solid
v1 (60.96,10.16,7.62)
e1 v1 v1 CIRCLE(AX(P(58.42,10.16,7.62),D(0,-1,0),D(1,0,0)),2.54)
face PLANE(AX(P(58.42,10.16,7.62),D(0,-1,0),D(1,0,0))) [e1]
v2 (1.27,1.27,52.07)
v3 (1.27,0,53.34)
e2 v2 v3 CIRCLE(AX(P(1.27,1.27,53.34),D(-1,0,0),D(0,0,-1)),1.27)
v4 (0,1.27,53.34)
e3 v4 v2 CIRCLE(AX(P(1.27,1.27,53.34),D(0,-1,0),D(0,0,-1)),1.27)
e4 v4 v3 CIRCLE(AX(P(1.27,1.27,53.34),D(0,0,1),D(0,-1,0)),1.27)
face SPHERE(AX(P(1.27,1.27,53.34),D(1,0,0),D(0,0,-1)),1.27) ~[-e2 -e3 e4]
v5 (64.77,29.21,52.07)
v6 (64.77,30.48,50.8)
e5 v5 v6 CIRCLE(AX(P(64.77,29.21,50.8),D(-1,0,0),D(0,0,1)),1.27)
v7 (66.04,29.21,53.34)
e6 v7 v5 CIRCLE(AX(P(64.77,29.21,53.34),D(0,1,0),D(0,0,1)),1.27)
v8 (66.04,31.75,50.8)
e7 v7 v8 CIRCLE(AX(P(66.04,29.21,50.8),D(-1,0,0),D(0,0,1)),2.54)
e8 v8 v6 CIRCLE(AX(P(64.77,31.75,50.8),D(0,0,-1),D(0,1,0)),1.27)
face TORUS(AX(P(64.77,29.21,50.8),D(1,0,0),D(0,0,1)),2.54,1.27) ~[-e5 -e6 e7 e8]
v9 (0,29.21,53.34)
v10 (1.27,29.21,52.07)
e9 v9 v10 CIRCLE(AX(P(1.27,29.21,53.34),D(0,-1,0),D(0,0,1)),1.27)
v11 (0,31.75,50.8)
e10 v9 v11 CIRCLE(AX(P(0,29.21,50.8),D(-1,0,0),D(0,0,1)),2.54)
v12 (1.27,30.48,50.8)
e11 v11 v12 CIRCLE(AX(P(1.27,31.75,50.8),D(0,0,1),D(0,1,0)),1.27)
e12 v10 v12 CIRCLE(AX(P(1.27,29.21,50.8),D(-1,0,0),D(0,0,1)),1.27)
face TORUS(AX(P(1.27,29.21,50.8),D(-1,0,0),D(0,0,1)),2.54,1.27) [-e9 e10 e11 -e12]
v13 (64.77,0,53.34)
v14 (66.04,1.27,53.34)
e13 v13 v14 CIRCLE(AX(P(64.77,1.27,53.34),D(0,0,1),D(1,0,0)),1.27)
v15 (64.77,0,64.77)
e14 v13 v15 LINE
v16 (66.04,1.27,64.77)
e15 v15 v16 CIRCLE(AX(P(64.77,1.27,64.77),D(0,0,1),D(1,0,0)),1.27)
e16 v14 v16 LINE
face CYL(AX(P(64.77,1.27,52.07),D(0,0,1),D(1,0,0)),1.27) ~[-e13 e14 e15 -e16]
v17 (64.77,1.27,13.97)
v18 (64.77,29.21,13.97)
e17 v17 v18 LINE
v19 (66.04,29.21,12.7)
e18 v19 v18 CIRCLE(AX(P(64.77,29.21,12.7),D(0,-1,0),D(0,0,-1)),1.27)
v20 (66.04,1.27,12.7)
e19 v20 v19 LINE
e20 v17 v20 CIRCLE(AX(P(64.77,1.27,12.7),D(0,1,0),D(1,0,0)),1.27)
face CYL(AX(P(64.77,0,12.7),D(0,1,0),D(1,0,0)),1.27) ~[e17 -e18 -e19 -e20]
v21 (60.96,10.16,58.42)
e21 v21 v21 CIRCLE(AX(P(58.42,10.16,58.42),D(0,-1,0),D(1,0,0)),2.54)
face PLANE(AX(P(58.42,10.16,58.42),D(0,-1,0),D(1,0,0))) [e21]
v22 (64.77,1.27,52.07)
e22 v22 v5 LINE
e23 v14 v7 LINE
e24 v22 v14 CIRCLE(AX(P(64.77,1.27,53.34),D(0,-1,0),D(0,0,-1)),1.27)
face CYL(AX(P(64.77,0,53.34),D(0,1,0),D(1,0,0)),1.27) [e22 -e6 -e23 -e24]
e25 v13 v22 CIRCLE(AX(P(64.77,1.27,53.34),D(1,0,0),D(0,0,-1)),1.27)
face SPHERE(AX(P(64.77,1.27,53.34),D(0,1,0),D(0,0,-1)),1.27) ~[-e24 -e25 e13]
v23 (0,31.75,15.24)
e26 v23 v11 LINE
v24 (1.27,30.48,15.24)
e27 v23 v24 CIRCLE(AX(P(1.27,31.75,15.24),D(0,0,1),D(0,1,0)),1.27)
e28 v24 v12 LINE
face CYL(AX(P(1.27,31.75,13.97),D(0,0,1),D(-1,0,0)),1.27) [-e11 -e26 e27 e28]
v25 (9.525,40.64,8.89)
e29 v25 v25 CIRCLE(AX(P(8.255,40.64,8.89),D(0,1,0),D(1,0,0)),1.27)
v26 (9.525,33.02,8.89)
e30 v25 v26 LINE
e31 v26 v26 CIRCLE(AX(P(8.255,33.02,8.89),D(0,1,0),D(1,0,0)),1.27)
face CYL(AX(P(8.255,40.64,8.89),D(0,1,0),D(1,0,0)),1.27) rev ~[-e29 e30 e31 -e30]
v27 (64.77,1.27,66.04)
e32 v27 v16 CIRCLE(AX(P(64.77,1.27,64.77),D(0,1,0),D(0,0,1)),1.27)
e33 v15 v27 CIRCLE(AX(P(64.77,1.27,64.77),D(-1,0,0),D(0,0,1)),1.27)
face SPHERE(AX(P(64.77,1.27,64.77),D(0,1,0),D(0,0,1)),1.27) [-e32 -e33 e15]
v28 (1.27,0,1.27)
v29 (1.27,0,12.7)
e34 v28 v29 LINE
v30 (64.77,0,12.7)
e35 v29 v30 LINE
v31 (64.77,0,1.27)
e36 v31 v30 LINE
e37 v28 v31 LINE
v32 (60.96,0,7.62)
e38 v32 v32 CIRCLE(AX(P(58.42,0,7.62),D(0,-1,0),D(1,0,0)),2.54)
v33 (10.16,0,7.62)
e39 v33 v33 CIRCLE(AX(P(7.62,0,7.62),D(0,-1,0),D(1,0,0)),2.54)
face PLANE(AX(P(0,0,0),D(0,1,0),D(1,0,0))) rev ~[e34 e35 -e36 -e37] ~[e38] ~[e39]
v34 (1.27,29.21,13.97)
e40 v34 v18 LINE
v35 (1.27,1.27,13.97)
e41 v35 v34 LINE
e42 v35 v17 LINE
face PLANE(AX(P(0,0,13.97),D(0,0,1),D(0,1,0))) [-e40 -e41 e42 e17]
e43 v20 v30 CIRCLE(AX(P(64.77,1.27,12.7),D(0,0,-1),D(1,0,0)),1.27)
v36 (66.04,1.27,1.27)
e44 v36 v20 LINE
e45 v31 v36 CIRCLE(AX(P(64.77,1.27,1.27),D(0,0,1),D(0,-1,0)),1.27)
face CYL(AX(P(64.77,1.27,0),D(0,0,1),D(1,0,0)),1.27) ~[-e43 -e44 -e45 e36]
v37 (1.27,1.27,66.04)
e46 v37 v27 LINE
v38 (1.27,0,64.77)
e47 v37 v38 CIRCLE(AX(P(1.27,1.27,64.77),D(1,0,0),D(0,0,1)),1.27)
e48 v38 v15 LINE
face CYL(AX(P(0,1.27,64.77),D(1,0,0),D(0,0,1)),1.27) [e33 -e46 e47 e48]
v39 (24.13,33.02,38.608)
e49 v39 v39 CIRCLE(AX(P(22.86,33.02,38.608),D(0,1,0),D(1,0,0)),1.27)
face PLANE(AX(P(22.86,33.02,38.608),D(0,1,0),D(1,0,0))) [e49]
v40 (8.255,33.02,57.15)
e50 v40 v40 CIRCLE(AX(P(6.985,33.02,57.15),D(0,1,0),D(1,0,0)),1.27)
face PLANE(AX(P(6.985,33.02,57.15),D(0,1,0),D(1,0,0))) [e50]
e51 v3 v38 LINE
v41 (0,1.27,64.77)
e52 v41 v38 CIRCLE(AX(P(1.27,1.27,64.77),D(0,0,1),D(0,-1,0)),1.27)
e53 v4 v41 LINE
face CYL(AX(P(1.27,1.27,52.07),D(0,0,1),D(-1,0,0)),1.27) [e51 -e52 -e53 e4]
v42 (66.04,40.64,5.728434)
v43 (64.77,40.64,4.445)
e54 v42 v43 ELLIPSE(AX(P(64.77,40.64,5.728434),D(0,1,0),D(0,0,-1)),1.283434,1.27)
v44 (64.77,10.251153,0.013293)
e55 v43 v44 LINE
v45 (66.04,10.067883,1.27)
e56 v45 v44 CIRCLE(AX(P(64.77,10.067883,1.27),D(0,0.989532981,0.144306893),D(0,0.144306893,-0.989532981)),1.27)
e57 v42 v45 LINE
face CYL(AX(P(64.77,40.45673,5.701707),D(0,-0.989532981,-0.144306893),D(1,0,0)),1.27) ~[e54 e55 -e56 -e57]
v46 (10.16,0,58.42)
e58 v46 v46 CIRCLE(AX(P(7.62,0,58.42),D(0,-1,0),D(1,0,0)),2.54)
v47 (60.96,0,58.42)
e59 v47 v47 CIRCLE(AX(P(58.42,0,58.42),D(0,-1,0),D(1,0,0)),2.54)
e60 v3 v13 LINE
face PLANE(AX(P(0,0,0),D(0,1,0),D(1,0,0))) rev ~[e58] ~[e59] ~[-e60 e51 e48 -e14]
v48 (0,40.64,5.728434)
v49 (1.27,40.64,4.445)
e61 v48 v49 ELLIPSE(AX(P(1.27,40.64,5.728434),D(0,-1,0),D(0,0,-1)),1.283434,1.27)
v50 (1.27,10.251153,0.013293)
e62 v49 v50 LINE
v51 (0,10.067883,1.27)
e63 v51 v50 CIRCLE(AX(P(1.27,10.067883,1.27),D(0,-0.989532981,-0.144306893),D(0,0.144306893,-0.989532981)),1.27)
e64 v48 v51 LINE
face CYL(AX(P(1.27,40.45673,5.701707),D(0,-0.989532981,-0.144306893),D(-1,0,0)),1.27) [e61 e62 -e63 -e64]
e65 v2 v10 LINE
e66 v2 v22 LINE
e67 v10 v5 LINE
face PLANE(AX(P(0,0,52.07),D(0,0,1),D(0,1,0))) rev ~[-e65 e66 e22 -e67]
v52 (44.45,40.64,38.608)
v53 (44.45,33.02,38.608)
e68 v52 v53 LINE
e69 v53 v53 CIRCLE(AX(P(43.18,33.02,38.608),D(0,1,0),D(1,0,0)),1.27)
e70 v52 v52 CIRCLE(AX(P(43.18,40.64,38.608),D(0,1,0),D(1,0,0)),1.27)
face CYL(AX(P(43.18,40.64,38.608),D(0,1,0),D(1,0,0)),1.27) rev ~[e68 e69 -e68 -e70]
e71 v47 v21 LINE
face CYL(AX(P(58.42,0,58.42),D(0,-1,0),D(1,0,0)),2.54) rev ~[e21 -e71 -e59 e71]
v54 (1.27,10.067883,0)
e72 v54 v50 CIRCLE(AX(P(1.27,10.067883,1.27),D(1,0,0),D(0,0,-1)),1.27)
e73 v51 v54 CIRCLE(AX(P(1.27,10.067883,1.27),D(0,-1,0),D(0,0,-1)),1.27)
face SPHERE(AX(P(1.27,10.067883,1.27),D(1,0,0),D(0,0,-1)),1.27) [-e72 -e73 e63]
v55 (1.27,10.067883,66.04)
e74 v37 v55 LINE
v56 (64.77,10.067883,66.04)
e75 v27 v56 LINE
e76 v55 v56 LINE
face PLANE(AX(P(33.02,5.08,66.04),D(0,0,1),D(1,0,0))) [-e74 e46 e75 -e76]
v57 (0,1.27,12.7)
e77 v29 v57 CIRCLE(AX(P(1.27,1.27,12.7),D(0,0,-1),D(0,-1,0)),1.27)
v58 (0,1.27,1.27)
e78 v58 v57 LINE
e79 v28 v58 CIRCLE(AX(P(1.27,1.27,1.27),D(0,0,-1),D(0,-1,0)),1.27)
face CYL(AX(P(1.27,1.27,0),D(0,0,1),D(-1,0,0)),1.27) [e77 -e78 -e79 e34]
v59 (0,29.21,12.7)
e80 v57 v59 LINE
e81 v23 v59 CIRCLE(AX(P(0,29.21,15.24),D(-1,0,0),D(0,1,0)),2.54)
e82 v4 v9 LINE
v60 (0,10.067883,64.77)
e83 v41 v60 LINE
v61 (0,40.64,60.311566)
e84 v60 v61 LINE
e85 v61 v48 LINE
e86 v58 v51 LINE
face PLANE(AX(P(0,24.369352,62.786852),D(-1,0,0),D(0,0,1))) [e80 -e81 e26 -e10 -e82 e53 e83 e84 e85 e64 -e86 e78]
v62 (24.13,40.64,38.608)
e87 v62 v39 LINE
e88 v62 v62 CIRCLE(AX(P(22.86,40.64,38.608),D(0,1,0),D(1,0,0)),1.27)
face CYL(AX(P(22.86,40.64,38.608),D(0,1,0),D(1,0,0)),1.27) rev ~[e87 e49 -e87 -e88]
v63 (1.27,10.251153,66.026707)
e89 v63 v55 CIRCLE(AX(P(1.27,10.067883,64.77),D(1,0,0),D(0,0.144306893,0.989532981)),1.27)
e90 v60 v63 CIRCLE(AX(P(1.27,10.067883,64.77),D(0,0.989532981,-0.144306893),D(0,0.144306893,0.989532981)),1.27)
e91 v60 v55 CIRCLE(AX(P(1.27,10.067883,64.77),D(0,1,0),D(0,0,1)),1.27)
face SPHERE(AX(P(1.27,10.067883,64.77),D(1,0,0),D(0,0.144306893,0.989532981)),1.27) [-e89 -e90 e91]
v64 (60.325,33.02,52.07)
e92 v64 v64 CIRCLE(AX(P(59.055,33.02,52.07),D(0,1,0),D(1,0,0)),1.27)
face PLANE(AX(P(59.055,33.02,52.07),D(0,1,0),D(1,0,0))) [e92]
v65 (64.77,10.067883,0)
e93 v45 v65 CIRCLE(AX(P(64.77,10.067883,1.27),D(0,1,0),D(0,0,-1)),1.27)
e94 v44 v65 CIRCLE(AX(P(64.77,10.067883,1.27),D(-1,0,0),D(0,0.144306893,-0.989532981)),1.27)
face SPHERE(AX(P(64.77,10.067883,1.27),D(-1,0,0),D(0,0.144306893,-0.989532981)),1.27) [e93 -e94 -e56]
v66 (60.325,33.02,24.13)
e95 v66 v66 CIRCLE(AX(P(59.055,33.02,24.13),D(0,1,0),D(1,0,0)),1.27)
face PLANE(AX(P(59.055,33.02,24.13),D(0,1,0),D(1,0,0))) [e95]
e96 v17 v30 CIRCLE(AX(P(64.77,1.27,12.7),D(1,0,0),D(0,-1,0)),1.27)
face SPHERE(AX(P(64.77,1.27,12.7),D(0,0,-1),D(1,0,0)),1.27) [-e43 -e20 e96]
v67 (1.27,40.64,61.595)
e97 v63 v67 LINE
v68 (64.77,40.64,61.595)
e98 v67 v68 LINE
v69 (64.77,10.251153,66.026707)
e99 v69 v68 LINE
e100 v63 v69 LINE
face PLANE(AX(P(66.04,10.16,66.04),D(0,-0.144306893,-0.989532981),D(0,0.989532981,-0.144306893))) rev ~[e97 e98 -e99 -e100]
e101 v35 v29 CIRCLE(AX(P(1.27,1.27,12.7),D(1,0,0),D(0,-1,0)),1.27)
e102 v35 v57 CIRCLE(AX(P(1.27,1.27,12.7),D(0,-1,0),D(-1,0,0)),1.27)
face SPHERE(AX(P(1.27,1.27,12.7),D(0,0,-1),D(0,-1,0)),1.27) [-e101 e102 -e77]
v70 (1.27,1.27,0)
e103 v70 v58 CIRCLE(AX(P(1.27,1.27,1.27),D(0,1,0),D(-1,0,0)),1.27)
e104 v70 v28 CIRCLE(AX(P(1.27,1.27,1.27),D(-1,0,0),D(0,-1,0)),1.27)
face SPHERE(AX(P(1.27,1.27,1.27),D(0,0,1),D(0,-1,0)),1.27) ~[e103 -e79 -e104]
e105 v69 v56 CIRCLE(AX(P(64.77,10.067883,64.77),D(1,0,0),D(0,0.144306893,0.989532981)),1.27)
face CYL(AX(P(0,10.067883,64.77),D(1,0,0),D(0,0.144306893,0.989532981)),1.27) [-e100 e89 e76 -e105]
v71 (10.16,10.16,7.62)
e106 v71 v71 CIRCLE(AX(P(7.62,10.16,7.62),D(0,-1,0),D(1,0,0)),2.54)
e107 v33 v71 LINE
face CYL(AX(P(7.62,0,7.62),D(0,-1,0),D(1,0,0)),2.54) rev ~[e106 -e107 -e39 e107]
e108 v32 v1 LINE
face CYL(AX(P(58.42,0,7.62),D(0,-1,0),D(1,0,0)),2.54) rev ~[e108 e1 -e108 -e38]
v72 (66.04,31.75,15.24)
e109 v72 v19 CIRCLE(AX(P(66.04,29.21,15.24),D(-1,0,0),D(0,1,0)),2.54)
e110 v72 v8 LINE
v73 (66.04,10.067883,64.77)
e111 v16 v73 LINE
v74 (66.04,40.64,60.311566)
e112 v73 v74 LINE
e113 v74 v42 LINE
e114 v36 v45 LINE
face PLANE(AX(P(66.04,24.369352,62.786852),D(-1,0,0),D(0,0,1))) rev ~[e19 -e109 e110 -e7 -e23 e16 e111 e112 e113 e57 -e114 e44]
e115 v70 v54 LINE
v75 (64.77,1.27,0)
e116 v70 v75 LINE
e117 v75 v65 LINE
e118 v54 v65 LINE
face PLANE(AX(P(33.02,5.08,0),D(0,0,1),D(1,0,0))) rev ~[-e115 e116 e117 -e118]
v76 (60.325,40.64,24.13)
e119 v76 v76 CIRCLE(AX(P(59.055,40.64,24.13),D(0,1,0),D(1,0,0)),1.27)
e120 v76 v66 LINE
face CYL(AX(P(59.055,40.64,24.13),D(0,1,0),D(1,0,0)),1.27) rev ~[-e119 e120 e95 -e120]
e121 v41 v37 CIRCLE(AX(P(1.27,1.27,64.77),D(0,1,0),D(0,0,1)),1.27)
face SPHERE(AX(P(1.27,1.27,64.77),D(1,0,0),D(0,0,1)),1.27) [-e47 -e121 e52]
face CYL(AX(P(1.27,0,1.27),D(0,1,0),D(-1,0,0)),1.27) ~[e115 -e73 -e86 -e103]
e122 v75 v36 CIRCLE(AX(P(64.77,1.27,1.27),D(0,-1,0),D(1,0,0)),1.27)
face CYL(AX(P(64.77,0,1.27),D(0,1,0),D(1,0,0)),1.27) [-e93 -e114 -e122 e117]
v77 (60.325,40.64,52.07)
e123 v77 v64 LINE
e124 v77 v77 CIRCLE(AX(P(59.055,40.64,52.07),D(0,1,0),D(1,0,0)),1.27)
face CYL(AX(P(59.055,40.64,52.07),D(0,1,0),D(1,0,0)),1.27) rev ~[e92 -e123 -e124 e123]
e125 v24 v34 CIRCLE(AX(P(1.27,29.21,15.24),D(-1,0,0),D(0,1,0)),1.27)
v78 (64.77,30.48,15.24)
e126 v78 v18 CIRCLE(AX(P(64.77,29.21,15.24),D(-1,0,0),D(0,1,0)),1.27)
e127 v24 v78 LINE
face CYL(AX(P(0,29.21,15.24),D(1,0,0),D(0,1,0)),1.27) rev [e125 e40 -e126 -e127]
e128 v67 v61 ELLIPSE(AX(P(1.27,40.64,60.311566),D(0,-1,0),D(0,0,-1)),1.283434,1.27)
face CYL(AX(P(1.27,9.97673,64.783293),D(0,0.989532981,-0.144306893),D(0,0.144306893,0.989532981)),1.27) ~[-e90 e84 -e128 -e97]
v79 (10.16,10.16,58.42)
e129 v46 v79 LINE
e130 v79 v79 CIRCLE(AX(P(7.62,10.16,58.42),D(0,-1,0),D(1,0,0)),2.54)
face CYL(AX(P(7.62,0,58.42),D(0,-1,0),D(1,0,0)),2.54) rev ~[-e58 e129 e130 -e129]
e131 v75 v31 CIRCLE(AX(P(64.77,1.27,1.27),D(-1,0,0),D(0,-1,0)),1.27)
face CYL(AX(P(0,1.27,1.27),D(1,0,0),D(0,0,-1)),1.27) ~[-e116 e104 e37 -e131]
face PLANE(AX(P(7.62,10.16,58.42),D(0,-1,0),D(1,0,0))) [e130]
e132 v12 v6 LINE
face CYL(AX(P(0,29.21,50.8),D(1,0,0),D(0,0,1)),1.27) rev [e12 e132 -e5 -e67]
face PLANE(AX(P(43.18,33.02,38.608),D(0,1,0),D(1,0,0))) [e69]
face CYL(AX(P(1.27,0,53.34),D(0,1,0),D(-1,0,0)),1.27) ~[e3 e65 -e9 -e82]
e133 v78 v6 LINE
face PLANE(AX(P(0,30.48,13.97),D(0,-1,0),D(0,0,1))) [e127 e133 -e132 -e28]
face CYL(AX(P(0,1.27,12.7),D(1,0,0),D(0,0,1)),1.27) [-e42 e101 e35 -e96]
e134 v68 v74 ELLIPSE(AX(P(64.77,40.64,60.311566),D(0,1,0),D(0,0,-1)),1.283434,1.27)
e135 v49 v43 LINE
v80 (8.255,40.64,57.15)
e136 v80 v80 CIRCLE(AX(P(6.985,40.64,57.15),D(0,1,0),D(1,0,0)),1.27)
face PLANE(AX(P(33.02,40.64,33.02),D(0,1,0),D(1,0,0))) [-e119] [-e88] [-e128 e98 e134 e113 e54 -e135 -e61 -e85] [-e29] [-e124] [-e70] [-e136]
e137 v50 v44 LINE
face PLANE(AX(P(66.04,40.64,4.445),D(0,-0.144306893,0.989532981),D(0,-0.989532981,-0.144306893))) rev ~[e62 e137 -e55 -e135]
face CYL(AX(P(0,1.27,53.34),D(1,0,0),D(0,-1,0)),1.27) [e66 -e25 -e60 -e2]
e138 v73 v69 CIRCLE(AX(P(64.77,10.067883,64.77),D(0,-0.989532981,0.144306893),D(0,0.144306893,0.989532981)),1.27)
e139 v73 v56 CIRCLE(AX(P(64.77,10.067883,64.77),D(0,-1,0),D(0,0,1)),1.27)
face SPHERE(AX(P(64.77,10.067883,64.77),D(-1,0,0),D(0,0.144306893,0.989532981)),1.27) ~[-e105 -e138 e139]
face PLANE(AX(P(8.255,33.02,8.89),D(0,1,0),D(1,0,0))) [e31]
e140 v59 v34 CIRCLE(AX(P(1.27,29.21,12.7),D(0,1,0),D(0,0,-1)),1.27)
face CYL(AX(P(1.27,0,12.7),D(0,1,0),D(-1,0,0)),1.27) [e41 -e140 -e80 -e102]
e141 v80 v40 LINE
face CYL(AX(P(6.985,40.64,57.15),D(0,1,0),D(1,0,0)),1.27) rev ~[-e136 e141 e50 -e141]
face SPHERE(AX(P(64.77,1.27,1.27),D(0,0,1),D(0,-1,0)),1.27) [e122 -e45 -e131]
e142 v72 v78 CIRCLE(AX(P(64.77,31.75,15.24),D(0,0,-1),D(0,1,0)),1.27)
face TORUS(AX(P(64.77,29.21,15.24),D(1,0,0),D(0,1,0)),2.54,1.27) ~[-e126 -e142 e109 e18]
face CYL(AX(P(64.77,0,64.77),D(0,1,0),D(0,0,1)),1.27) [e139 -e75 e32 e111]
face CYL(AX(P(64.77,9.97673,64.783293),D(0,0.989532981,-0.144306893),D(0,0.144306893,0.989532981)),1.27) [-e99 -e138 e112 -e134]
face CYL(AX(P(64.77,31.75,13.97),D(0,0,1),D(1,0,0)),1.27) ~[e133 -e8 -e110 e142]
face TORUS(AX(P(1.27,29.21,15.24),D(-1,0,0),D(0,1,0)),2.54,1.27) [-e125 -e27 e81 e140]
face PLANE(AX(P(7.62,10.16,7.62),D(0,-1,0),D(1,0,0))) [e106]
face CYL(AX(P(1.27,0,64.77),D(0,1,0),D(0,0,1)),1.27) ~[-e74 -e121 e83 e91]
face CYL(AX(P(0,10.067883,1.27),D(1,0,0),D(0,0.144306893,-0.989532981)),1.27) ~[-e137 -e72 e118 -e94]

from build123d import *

# Parameters (mm, degrees)
SKETCH1_W           = 66.04
SKETCH1_H           = 10.16
BOSS_EXTRUDE1_DEPTH = 66.04
SKETCH5_W           = 66.04
SKETCH5_H           = 57.15
BOSS_EXTRUDE2_DEPTH = 30.48
SKETCH6_W           = 38.1
SKETCH6_H           = 30.48
CUT_EXTRUDE4_DEPTH  = 67.04
SKETCH7_R           = 1.27
CUT_EXTRUDE5_DEPTH  = 7.62
BOSS_EXTRUDE3_DEPTH = 66.04
FILLET1_R           = 1.27
SKETCH9_R           = 2.54
CUT_EXTRUDE6_DEPTH  = 10.16


with BuildPart() as part:
    # Sketch1 → Boss-Extrude1 (new body)
    with BuildSketch(Plane.XY):
        with Locations((33.02, 5.08)):
            Rectangle(SKETCH1_W, SKETCH1_H)
    extrude(amount=BOSS_EXTRUDE1_DEPTH)

    # Sketch5 → Boss-Extrude2 (add)
    with BuildSketch(Plane(origin=(0, 10.16, 0), x_dir=(1, 0, 0), z_dir=(0, 1, 0))):
        with Locations((33.02, -33.02)):
            Rectangle(SKETCH5_W, SKETCH5_H)
    extrude(amount=BOSS_EXTRUDE2_DEPTH)

    # Sketch6 → Cut-Extrude4 (cut, through all)
    with BuildSketch(Plane.ZY):
        with Locations((33.02, 15.24)):
            Rectangle(SKETCH6_W, SKETCH6_H)
    extrude(amount=-CUT_EXTRUDE4_DEPTH, mode=Mode.SUBTRACT)

    # Sketch7 → Cut-Extrude5 (cut)
    with BuildSketch(Plane(origin=(0, 40.64, 0), x_dir=(1, 0, 0), z_dir=(0, 1, 0))):
        with Locations((6.985, -57.15)):
            Circle(SKETCH7_R)
        with Locations((8.255, -8.89)):
            Circle(SKETCH7_R)
        with Locations((59.055, -24.13)):
            Circle(SKETCH7_R)
        with Locations((59.055, -52.07)):
            Circle(SKETCH7_R)
        with Locations((43.18, -38.608)):
            Circle(SKETCH7_R)
        with Locations((22.86, -38.608)):
            Circle(SKETCH7_R)
    extrude(amount=-CUT_EXTRUDE5_DEPTH, mode=Mode.SUBTRACT)

    # Sketch8 → Boss-Extrude3 (add)
    with BuildSketch(Plane(origin=(66.04, 0, 0), x_dir=(0, 0, -1), z_dir=(1, 0, 0))):
        Polygon((-61.595, 10.16), (-66.04, 10.16), (-61.595, 40.64), align=None)
        Polygon((-4.445, 10.16), (-4.445, 40.64), (0, 10.16), align=None)
    extrude(amount=-BOSS_EXTRUDE3_DEPTH)

    # Fillet1
    fillet1_edges = [part.edges().sort_by_distance(p)[0] for p in [
        (66.04, 5.08, 66.04),
        (33.02, 0, 66.04),
        (66.04, 0, 6.985),
        (66.04, 15.24, 52.07),
        (66.04, 30.48, 33.02),
        (66.04, 15.24, 13.97),
        (0, 0, 6.985),
        (33.02, 0, 52.07),
        (33.02, 0, 13.97),
        (0, 15.24, 13.97),
        (33.02, 30.48, 13.97),
        (0, 30.48, 33.02),
        (33.02, 30.48, 52.07),
        (0, 15.24, 52.07),
        (0, 5.08, 66.04),
        (33.02, 0, 0),
        (66.04, 5.08, 0),
        (33.02, 10.16, 0),
        (0, 5.08, 0),
        (33.02, 10.16, 66.04),
        (66.04, 25.4, 63.8175),
        (0, 25.4, 63.8175),
        (0, 0, 59.055),
        (66.04, 0, 59.055),
        (66.04, 25.4, 2.2225),
        (0, 25.4, 2.2225),
    ]]
    fillet(fillet1_edges, radius=FILLET1_R)

    # Sketch9 → Cut-Extrude6 (cut)
    with BuildSketch(Plane.XZ):
        with Locations((58.42, 58.42)):
            Circle(SKETCH9_R)
        with Locations((7.62, 58.42)):
            Circle(SKETCH9_R)
        with Locations((7.62, 7.62)):
            Circle(SKETCH9_R)
        with Locations((58.42, 7.62)):
            Circle(SKETCH9_R)
    extrude(amount=-CUT_EXTRUDE6_DEPTH, mode=Mode.SUBTRACT)


solid = part.part
